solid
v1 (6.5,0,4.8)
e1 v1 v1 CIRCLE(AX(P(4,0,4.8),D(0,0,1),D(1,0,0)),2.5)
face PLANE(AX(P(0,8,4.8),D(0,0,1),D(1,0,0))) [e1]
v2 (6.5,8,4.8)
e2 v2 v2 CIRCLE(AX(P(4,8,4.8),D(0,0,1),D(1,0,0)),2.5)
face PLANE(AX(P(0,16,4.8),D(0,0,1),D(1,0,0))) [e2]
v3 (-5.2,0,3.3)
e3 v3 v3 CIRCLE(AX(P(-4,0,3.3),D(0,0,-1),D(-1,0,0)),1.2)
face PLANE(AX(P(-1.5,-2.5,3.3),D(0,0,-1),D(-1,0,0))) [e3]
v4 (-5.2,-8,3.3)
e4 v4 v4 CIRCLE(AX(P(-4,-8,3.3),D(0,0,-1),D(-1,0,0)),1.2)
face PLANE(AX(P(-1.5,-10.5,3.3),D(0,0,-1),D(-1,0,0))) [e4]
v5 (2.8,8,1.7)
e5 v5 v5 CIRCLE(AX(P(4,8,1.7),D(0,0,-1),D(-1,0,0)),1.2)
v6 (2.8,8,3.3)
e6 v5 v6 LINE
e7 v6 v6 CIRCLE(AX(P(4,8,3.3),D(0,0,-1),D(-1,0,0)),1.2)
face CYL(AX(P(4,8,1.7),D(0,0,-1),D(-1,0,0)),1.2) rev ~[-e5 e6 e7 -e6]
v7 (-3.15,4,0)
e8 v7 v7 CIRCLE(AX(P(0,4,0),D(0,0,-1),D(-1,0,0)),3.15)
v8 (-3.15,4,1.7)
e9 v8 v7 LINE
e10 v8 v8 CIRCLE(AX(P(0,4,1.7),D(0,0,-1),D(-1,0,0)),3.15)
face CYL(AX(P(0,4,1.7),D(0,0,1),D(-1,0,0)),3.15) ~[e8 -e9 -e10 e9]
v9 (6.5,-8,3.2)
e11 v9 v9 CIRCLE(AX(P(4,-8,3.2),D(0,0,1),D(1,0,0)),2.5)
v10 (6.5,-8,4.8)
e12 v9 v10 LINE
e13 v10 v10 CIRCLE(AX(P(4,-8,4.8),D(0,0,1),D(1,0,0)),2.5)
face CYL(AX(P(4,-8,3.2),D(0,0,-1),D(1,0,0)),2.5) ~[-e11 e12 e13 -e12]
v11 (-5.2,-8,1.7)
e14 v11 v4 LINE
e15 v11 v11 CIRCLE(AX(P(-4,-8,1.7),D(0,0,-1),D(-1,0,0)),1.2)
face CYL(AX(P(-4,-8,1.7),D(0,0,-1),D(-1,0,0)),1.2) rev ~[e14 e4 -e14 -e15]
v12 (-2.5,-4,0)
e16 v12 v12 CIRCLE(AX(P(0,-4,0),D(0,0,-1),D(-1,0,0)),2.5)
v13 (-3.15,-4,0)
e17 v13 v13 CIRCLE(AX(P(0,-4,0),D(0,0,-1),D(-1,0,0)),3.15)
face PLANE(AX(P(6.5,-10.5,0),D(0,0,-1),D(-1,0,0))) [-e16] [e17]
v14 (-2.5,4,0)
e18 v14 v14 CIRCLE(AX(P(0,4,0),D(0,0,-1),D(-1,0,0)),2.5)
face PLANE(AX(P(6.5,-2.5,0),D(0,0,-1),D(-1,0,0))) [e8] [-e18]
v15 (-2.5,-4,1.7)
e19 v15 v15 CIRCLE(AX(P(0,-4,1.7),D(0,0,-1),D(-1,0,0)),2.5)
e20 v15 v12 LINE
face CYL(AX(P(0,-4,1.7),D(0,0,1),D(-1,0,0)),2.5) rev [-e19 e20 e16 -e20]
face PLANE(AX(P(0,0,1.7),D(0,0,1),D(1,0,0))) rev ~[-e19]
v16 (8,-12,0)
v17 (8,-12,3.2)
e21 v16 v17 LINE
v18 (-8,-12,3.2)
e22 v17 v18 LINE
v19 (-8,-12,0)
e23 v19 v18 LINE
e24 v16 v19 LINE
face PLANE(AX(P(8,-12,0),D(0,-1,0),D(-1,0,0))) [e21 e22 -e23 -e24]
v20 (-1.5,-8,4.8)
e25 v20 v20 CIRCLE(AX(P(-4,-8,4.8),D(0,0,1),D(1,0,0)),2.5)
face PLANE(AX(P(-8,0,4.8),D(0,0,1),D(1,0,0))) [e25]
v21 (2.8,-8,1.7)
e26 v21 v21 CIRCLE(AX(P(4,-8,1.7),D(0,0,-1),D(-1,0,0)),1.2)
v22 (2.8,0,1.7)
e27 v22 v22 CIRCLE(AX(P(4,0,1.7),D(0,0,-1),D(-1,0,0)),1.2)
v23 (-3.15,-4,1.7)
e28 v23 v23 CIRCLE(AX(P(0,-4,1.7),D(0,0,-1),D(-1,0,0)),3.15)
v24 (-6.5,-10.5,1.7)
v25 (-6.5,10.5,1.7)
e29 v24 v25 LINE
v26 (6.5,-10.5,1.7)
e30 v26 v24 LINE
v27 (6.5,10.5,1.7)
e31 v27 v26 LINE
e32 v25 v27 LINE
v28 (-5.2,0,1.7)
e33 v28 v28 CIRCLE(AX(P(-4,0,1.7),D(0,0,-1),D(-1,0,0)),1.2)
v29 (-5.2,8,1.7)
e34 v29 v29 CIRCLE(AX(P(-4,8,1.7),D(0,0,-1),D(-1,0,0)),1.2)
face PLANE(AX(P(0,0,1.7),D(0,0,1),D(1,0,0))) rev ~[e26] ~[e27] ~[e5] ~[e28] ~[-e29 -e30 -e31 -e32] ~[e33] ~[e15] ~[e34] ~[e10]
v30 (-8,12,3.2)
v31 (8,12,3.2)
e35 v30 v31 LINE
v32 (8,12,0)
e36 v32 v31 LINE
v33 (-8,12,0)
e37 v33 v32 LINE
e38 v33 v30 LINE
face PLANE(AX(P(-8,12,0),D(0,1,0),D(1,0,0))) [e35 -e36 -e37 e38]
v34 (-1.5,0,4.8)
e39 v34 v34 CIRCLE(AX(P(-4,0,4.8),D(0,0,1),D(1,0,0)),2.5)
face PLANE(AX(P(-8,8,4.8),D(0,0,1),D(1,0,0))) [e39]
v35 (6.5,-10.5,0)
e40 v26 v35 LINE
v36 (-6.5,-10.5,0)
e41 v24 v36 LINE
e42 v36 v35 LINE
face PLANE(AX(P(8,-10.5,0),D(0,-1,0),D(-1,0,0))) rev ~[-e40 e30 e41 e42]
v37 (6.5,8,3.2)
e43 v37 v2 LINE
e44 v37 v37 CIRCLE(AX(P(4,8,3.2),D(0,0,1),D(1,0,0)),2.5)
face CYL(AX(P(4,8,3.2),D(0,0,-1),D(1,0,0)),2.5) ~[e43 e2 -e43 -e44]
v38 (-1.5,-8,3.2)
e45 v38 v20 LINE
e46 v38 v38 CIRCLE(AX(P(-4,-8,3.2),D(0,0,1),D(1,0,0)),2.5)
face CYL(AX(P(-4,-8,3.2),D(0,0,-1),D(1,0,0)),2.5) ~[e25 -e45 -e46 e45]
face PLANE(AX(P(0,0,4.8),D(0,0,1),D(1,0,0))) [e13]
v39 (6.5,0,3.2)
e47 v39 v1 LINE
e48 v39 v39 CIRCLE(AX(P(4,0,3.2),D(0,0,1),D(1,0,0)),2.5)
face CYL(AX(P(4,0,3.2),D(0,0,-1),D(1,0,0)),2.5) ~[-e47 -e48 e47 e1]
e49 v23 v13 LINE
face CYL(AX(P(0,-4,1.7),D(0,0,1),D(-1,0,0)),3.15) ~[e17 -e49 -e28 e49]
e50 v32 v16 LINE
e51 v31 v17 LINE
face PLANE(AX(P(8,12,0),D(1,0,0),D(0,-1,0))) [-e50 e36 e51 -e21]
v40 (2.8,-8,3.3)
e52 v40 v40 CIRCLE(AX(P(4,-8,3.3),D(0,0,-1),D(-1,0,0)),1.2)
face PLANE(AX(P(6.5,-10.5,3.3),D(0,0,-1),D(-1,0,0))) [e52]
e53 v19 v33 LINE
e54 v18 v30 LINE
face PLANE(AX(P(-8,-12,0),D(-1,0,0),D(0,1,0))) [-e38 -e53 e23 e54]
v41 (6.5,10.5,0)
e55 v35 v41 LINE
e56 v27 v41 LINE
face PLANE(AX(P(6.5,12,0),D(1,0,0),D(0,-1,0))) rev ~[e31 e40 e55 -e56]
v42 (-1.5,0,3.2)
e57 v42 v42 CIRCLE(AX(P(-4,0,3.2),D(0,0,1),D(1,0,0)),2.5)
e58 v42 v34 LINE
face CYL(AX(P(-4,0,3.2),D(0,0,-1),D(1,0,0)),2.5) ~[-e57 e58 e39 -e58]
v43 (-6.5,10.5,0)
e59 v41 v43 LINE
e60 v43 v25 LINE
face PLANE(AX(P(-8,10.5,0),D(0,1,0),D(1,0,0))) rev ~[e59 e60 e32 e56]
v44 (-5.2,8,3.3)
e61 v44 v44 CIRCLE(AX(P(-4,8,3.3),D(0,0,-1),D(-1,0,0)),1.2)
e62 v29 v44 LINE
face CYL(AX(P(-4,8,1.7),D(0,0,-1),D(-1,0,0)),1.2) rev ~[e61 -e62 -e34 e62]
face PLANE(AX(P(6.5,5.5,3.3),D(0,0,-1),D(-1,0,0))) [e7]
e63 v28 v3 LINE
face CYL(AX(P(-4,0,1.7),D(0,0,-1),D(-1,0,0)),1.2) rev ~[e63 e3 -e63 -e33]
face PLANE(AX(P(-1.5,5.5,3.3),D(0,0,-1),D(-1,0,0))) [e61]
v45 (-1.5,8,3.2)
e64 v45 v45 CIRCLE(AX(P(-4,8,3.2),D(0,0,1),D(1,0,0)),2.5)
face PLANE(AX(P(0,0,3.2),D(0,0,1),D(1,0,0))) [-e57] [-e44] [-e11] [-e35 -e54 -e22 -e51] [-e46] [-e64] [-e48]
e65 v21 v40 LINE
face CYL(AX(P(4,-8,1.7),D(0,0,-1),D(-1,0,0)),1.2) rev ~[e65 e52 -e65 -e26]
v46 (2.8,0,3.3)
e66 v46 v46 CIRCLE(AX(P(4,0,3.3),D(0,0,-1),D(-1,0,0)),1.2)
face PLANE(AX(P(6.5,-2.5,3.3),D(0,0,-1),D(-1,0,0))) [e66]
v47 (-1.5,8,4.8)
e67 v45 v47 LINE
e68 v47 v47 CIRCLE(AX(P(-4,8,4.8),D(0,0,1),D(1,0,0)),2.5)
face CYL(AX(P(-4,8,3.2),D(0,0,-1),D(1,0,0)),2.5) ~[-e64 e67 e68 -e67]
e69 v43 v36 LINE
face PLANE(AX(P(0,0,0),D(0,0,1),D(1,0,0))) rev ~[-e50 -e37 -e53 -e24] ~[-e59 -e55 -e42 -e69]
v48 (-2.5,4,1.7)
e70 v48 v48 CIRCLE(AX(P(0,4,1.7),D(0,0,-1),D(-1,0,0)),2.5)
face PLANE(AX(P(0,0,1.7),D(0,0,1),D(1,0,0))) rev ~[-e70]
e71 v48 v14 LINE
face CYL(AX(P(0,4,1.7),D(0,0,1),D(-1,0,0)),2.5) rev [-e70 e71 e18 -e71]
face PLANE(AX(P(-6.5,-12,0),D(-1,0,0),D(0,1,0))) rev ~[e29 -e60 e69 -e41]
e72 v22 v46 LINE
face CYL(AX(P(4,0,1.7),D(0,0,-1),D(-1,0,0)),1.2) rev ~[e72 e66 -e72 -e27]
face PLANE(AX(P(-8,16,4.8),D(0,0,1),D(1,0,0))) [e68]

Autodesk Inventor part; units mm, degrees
ref_plane "YZ Plane" through (0, 0, 0) normal (1, 0, 0) x (0, 1, 0)
ref_plane "XZ Plane" through (0, 0, 0) normal (0, 1, 0) x (-1, 0, 0)
ref_plane "XY Plane" through (0, 0, 0) normal (0, 0, 1) x (1, 0, 0)
sketch "Sketch1" plane through (0, 0, 0) normal (0, 0, 1) x (1, 0, 0)
  line L0 (-8, 12) -> (8, 12)
  line L1 (8, 12) -> (8, -12)
  line L2 (8, -12) -> (-8, -12)
  line L3 (-8, -12) -> (-8, 12)
  point P0 (0, 0)
  dimension "d0" = 16
  dimension "d1" = 24
  dimension "d2" = 8
  dimension "d3" = 12
extrude "Extrusion1" add sketch "Sketch1" along normal blind 3.2
shell "Shell1" thickness 1.5 removed faces 1 at (2.6667, 4, 0)
sketch "Sketch2" plane through (0, 0, 3.2) normal (0, 0, 1) x (1, 0, 0)
  circle A0 centre (4, -8) radius 2.5
  line L0 (8, 12) -> (8, -12) projected
  line L1 (8, -12) -> (-8, -12) projected
  dimension "d7" = 5
  dimension "d10" = 4
  dimension "d11" = 4
extrude "Extrusion2" add sketch "Sketch2" along normal blind 1.6
sketch "Sketch3" plane through (6.5, -10.5, 1.7) normal (0, 0, -1) x (-1, 0, 0)
  circle A0 centre (2.5, 2.5) radius 2.5 projected
  circle A1 centre (2.5, 2.5) radius 1.2
  point P0 (6.5, 10.5)
  dimension "d18" = 2.4
extrude "Extrusion3" cut sketch "Sketch3" against normal blind 1.6 contours A1
pattern_linear "Rectangular Pattern1" count 3 spacing 8 along (0, 1, 0) count 2 spacing 8 along (-1, 0, 0) of "Extrusion2", "Extrusion3"
sketch "Sketch4" plane through (6.5, -10.5, 1.7) normal (0, 0, -1) x (-1, 0, 0)
  circle A0 centre (2.5, 10.5) radius 1.2 projected
  circle A1 centre (2.5, 2.5) radius 1.2 projected
  line L0 (0, 21) -> (0, 0) projected
  line L1 (0, 0) -> (13, 0) projected
  circle A2 centre (6.5, 6.5) radius 3.15
  circle A3 centre (6.5, 6.5) radius 2.5
  point P0 (6.5, 10.5)
  dimension "d21" = 6.5
  dimension "d22" = 6.5
  dimension "d23" = 10.5
  dimension "d24" = 2.5
  dimension "d25" = 5
  dimension "d26" = 6.3
extrude "Extrusion4" add sketch "Sketch4" along normal up to surface (1.7 mm away) contours A2
pattern_linear "Rectangular Pattern2" count 2 spacing 8 along (0, 1, 0) of "Extrusion4"
equation "\"d0\" = 8 * WIDTH"
equation "\"d1\" = 8 * LENGTH"
equation "\"d2\" = 0.5 * d0"
equation "\"d3\" = 0.5 * d1"
equation "\"d4\" = HEIGHT"
equation "\"d21\" = 0.5 * d23 + 0.5 * d24"
equation "\"d22\" = d21"
equation "\"WIDTH\" = 2"
equation "\"HEIGHT\" = 3.2"
equation "\"LENGTH\" = 3"
properties part number "3021" material "Steel"
